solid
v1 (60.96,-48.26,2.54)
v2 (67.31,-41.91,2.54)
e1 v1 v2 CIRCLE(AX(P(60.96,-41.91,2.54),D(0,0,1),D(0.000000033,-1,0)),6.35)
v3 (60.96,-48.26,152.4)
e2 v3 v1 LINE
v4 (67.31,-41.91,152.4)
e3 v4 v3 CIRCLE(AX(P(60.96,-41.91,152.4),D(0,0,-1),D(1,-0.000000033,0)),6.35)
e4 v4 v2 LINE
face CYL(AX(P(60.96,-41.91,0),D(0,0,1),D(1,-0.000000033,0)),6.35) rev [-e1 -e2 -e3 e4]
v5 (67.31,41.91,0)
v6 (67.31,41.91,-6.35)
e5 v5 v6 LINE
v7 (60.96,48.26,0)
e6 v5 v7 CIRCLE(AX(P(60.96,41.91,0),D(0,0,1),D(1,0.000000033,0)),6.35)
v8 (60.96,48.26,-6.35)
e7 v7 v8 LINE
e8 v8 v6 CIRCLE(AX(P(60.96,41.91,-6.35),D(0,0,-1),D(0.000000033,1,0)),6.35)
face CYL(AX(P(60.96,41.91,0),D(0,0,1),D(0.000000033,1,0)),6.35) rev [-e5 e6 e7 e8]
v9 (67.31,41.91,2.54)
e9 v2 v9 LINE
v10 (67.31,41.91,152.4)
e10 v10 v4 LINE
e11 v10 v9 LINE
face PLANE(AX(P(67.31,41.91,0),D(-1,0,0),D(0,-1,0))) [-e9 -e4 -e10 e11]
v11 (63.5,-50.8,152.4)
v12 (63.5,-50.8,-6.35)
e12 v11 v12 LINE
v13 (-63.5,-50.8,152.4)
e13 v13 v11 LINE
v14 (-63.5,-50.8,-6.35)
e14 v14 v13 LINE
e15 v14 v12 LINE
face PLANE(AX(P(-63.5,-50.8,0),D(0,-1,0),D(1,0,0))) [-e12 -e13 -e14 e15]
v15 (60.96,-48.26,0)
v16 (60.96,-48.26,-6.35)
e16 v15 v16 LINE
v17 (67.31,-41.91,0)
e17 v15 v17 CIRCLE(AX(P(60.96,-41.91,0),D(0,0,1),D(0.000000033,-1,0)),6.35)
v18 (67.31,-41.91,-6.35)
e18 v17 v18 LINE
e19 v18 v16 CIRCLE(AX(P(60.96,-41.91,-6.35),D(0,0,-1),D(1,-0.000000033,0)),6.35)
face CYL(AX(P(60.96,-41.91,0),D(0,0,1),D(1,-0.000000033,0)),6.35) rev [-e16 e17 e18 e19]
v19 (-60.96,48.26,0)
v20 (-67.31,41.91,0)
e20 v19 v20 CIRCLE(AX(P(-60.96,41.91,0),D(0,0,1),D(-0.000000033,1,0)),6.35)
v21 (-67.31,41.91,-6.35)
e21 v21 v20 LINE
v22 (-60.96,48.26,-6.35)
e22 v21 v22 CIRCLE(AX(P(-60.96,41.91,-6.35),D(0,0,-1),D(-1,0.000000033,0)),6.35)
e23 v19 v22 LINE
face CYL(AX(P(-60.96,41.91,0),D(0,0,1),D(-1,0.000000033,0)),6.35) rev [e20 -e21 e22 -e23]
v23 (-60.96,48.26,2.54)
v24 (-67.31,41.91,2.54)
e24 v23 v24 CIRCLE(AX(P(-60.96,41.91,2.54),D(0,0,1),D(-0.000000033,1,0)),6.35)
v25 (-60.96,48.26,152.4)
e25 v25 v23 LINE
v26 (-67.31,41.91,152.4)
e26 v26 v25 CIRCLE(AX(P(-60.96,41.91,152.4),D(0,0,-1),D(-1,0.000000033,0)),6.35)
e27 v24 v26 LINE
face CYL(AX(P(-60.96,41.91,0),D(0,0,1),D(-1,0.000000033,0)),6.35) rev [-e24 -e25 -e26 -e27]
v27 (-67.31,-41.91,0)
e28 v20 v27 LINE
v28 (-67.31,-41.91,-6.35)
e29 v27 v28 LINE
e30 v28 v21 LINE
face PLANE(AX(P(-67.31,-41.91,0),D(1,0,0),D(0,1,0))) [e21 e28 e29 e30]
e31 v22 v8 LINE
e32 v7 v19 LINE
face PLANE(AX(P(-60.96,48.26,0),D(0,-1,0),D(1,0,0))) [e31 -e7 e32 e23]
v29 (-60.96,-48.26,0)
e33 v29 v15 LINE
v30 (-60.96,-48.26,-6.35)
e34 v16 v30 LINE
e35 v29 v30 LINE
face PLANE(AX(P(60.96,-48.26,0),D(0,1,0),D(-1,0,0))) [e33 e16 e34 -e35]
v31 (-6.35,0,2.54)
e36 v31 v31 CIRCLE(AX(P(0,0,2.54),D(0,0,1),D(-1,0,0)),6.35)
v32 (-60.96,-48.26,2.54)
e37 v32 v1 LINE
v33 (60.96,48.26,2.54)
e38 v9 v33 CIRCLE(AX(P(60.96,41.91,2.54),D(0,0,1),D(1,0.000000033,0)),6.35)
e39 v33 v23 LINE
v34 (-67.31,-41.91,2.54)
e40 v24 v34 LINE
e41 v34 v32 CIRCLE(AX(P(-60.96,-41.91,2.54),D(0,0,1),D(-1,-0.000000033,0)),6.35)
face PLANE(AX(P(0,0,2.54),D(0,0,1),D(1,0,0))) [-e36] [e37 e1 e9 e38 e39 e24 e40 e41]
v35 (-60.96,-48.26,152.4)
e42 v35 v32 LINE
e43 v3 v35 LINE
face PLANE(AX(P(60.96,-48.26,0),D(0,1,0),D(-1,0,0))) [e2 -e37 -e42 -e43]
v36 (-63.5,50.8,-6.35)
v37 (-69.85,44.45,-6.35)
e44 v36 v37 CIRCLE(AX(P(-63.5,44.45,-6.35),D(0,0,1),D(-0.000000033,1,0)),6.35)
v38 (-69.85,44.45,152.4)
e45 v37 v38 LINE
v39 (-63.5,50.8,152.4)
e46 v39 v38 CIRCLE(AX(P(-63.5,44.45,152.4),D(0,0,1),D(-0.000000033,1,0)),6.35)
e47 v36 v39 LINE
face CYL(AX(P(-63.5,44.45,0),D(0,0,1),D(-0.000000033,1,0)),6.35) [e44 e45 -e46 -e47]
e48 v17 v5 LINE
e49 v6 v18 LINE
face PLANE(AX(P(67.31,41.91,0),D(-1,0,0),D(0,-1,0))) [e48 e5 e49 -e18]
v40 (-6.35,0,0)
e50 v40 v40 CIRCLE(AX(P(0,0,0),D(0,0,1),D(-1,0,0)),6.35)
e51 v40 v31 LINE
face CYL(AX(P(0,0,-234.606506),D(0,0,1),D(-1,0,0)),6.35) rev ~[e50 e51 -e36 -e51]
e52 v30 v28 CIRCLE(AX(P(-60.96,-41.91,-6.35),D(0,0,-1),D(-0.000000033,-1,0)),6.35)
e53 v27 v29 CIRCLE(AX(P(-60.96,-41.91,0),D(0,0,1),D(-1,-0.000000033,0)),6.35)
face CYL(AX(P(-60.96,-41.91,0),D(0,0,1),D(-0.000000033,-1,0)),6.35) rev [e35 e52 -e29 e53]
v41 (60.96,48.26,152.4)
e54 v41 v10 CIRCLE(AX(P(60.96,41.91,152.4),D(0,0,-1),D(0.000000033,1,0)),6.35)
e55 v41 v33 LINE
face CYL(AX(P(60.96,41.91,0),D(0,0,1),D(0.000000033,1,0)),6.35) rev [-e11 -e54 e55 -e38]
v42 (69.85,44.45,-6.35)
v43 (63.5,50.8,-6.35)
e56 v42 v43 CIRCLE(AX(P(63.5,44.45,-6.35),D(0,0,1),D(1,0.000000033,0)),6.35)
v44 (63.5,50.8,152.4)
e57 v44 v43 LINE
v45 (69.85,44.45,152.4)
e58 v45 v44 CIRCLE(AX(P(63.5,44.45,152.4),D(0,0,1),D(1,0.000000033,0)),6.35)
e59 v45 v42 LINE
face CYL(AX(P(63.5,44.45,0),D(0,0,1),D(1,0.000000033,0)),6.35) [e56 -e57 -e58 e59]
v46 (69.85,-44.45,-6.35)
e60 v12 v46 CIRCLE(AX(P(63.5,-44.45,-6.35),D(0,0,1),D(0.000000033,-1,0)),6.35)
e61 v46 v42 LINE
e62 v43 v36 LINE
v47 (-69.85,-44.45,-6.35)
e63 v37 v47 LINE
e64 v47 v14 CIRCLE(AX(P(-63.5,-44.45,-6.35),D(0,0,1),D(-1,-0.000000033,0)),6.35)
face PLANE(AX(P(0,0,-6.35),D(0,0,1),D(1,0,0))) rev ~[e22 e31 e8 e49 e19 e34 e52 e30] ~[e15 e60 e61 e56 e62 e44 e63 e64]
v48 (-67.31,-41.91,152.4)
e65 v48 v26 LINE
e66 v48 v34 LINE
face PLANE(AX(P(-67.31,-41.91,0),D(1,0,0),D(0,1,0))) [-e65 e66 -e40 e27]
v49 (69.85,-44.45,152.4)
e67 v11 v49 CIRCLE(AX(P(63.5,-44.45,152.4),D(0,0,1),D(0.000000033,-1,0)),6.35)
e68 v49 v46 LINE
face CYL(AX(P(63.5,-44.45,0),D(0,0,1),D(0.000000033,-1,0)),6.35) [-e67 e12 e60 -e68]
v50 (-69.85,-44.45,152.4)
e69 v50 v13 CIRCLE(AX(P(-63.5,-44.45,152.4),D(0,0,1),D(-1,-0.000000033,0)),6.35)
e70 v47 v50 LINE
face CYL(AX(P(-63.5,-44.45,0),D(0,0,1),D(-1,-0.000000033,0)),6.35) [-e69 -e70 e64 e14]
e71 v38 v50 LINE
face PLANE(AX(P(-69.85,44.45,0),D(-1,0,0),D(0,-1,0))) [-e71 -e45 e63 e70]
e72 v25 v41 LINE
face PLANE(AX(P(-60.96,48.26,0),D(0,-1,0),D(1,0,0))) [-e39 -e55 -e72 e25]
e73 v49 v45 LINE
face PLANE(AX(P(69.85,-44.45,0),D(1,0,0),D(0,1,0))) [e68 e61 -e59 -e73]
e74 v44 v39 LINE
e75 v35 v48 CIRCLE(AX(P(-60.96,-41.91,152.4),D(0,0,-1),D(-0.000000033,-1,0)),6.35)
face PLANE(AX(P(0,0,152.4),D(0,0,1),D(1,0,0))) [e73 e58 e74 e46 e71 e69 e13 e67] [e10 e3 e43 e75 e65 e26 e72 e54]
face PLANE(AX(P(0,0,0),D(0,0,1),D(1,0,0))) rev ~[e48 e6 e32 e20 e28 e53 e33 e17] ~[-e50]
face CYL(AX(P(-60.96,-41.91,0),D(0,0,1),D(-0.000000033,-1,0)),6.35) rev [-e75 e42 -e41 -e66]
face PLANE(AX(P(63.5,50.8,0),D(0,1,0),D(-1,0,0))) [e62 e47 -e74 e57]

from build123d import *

# Parameters (mm, degrees)
F1_DEPTH = 152.4
F2_DEPTH = 6.35
F3_DEPTH = 2.54
F4_D     = 12.7


with BuildPart() as f1:
    # F0 (on Top) → F1 (new body)
    with BuildSketch(Plane.XY):
        with BuildLine():
            Line((63.5, 50.8), (-63.5, 50.8))
            ThreePointArc((-63.5, 50.8), (-67.990128, 48.940128), (-69.85, 44.45))
            Line((-69.85, 44.45), (-69.85, -44.45))
            ThreePointArc((-69.85, -44.45), (-67.990128, -48.940128), (-63.5, -50.8))
            Line((-63.5, -50.8), (63.5, -50.8))
            ThreePointArc((63.5, -50.8), (67.990128, -48.940128), (69.85, -44.45))
            Line((69.85, -44.45), (69.85, 44.45))
            ThreePointArc((69.85, 44.45), (67.990128, 48.940128), (63.5, 50.8))
        make_face()
        with BuildLine():
            ThreePointArc((-67.31, 41.91), (-65.450128, 46.400128), (-60.96, 48.26))
            Line((-60.96, 48.26), (60.96, 48.26))
            ThreePointArc((60.96, 48.26), (65.450128, 46.400128), (67.31, 41.91))
            Line((67.31, 41.91), (67.31, -41.91))
            ThreePointArc((67.31, -41.91), (65.450128, -46.400128), (60.96, -48.26))
            Line((60.96, -48.26), (-60.96, -48.26))
            ThreePointArc((-60.96, -48.26), (-65.450128, -46.400128), (-67.31, -41.91))
            Line((-67.31, -41.91), (-67.31, 41.91))
        make_face(mode=Mode.SUBTRACT)
    extrude(amount=F1_DEPTH)

    # F0 (on Top) → F2 (join)
    with BuildSketch(Plane.XY):
        with BuildLine():
            Line((63.5, 50.8), (-63.5, 50.8))
            ThreePointArc((-63.5, 50.8), (-67.990128, 48.940128), (-69.85, 44.45))
            Line((-69.85, 44.45), (-69.85, -44.45))
            ThreePointArc((-69.85, -44.45), (-67.990128, -48.940128), (-63.5, -50.8))
            Line((-63.5, -50.8), (63.5, -50.8))
            ThreePointArc((63.5, -50.8), (67.990128, -48.940128), (69.85, -44.45))
            Line((69.85, -44.45), (69.85, 44.45))
            ThreePointArc((69.85, 44.45), (67.990128, 48.940128), (63.5, 50.8))
        make_face()
        with BuildLine():
            ThreePointArc((-67.31, 41.91), (-65.450128, 46.400128), (-60.96, 48.26))
            Line((-60.96, 48.26), (60.96, 48.26))
            ThreePointArc((60.96, 48.26), (65.450128, 46.400128), (67.31, 41.91))
            Line((67.31, 41.91), (67.31, -41.91))
            ThreePointArc((67.31, -41.91), (65.450128, -46.400128), (60.96, -48.26))
            Line((60.96, -48.26), (-60.96, -48.26))
            ThreePointArc((-60.96, -48.26), (-65.450128, -46.400128), (-67.31, -41.91))
            Line((-67.31, -41.91), (-67.31, 41.91))
        make_face(mode=Mode.SUBTRACT)
    extrude(amount=-F2_DEPTH)

    # F0 (on Top) → F3 (join)
    with BuildSketch(Plane.XY):
        with BuildLine():
            Line((60.96, 48.26), (-60.96, 48.26))
            ThreePointArc((-60.96, 48.26), (-65.450128, 46.400128), (-67.31, 41.91))
            Line((-67.31, 41.91), (-67.31, -41.91))
            ThreePointArc((-67.31, -41.91), (-65.450128, -46.400128), (-60.96, -48.26))
            Line((-60.96, -48.26), (60.96, -48.26))
            ThreePointArc((60.96, -48.26), (65.450128, -46.400128), (67.31, -41.91))
            Line((67.31, -41.91), (67.31, 41.91))
            ThreePointArc((67.31, 41.91), (65.450128, 46.400128), (60.96, 48.26))
        make_face()
    extrude(amount=F3_DEPTH)

    # F4 (through all)
    with Locations(Plane(origin=(0, 0, 0), x_dir=(1, 0, 0), z_dir=(0, 0, -1))):
        with Locations((0, 0)):
            Hole(F4_D / 2)


solid = f1.part
